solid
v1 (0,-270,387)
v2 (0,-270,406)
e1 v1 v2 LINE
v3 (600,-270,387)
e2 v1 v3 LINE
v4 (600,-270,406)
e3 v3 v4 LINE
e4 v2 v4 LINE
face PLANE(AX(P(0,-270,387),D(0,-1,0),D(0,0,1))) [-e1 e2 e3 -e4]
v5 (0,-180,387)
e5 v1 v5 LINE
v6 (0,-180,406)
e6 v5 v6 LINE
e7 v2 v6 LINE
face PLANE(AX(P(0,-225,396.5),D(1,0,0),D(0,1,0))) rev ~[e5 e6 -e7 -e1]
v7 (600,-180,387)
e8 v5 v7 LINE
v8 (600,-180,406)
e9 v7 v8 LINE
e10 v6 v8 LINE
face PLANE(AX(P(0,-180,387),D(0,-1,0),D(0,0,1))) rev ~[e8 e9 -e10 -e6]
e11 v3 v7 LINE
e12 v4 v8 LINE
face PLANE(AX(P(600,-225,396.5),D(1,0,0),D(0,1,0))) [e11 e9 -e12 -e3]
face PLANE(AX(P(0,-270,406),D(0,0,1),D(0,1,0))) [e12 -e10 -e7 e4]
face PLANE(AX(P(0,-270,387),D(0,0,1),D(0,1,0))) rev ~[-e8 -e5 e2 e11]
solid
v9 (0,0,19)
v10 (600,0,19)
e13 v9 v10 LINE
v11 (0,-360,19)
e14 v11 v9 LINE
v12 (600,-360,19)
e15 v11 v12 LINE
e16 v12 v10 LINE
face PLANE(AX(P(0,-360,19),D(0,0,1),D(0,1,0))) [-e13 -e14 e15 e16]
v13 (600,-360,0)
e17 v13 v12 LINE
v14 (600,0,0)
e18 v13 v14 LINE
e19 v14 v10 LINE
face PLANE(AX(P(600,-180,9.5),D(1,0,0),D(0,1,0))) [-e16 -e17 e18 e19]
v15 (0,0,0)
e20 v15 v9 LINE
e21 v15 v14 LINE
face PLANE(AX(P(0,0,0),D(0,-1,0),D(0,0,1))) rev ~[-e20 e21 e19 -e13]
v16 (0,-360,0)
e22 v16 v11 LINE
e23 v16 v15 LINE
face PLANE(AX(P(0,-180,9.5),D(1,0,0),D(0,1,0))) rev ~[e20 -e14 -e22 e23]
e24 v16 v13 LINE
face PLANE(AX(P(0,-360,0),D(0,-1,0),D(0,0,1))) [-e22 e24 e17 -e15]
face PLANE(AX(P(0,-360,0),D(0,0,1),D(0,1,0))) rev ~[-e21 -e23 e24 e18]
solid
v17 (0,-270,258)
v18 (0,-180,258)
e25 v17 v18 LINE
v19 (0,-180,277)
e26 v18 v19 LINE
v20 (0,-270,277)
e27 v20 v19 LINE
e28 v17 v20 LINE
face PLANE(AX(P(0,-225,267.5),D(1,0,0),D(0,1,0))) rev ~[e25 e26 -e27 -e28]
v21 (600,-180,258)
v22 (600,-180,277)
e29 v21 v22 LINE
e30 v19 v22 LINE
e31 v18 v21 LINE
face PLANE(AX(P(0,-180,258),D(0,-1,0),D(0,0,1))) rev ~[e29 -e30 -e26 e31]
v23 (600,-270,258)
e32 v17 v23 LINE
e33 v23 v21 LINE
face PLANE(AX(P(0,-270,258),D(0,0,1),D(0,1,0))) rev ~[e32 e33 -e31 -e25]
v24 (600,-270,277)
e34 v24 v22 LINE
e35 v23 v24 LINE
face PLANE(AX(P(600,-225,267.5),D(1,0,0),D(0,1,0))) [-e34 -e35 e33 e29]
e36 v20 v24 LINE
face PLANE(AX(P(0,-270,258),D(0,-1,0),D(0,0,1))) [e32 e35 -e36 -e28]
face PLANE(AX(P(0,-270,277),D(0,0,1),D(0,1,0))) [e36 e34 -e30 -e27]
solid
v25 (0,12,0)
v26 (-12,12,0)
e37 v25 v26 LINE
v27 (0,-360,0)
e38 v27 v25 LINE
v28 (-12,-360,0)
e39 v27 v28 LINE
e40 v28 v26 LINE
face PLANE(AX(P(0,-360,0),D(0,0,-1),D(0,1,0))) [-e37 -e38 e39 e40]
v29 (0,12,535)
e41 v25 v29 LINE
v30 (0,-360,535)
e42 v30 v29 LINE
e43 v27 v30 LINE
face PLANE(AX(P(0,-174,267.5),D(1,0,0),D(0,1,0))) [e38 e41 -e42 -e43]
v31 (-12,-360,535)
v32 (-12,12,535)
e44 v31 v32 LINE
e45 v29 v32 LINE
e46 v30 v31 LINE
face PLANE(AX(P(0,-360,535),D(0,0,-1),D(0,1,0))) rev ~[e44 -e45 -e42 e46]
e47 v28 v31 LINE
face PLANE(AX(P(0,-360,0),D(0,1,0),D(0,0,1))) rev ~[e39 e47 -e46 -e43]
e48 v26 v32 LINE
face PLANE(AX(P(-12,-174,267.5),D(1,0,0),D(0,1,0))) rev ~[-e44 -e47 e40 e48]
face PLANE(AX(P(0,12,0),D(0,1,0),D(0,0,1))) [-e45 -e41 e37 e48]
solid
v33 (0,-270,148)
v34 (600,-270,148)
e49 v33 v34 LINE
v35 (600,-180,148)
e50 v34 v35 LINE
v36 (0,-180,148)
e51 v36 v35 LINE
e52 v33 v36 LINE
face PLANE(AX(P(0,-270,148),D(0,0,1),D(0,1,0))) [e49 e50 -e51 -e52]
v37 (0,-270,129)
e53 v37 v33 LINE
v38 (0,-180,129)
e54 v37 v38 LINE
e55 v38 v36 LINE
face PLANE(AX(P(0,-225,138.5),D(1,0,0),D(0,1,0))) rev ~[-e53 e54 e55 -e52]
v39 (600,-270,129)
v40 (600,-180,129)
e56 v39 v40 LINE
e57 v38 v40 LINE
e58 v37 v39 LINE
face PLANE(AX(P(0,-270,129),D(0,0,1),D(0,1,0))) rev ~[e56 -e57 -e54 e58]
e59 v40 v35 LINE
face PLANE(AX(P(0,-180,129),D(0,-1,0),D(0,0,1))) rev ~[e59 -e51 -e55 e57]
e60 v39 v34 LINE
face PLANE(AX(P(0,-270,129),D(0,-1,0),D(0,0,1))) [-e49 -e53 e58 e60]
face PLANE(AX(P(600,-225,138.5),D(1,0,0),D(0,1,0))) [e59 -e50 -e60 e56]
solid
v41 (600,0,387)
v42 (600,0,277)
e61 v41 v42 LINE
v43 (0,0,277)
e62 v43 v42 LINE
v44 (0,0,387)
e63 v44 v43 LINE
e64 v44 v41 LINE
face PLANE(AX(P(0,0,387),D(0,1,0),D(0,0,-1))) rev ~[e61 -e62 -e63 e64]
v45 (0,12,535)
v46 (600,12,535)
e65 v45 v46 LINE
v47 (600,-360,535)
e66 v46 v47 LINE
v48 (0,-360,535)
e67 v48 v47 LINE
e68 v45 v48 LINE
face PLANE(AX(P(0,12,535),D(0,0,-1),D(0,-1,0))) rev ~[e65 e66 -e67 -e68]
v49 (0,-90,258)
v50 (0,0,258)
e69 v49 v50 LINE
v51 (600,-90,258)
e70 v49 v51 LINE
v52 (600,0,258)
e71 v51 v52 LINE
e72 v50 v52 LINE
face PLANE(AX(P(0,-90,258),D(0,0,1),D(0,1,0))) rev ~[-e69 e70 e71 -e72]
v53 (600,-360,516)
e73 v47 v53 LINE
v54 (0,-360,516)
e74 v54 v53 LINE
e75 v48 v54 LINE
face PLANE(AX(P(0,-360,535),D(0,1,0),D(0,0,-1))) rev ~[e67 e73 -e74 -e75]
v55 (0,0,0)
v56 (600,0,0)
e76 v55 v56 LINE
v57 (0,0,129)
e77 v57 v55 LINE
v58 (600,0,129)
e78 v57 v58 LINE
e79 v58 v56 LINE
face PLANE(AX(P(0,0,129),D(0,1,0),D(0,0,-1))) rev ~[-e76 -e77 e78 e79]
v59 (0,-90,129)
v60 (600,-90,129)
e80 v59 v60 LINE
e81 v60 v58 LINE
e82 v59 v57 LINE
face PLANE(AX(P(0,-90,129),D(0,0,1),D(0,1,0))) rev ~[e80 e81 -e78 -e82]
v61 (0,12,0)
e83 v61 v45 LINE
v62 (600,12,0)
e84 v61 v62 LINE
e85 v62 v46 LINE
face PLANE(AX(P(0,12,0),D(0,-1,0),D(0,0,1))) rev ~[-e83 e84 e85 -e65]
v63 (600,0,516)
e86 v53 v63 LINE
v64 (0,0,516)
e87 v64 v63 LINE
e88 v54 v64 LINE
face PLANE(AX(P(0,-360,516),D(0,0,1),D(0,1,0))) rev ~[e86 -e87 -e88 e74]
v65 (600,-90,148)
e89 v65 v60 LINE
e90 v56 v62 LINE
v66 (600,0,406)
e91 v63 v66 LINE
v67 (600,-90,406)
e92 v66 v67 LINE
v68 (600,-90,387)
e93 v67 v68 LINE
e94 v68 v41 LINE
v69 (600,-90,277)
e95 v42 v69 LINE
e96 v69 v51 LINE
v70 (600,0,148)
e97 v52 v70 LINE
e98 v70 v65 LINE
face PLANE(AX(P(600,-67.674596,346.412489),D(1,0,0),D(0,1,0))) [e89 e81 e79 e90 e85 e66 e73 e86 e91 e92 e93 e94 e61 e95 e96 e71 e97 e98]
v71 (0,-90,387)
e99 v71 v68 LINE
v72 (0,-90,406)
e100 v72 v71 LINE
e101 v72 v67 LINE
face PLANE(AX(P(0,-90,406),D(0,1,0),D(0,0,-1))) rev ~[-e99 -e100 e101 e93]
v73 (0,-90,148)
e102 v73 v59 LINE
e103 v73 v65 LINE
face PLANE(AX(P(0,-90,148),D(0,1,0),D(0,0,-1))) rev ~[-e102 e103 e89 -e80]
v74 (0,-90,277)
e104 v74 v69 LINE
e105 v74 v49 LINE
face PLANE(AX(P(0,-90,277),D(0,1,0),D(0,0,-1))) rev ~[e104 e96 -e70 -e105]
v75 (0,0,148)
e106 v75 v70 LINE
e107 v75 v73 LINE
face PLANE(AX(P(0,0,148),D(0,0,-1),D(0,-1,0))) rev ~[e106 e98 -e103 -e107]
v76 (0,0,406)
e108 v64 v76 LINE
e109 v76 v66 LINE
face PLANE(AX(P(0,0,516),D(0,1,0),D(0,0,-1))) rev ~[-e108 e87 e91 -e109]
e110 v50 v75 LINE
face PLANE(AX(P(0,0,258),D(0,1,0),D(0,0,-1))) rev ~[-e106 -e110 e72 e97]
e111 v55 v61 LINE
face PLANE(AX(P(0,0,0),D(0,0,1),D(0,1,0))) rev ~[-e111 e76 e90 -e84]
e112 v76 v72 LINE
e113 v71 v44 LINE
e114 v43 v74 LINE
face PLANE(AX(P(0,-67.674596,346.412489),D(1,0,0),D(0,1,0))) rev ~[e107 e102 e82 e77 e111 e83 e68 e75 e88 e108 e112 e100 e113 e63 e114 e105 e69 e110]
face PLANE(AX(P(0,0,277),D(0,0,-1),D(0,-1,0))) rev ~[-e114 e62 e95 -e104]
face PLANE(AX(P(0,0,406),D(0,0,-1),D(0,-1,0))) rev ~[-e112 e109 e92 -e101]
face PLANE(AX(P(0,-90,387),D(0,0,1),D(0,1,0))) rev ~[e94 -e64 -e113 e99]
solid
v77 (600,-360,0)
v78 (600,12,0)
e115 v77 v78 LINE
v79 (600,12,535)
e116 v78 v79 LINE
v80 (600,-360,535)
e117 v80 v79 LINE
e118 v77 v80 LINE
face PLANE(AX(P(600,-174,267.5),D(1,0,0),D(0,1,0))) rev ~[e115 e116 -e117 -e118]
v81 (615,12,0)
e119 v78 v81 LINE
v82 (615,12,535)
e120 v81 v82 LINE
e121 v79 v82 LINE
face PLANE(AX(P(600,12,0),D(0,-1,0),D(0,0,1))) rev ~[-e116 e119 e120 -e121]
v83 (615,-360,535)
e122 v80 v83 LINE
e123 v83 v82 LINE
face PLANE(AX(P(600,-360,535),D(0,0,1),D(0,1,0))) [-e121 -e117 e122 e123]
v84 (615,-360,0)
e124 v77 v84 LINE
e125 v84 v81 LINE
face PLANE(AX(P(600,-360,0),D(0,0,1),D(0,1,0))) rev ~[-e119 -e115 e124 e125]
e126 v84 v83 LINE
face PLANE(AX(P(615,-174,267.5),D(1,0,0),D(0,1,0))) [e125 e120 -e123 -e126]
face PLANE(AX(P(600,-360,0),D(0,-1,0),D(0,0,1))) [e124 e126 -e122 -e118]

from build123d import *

# Parameters (mm, degrees)
F0_W     = 360
F0_H     = 19
F1_DEPTH = 600
F2_W     = 90
F2_H     = 19
F3_DEPTH = 600
F4_W     = 372
F4_H     = 535
F5_DEPTH = 12
F6_W     = 372
F6_H     = 535
F7_DEPTH = 15


with BuildPart() as f1:
    # F0 (on Right) → F1 (new body)
    with BuildSketch(Plane.YZ):
        with Locations((-180, 9.5)):
            Rectangle(F0_W, F0_H)
    extrude(amount=F1_DEPTH)


with BuildPart() as f3:
    # F2 (on Right) → F3 (new body)
    with BuildSketch(Plane.YZ):
        Polygon((-90, 129), (0, 129), (0, 0), (12, 0), (12, 535), (0, 535), (-360, 535), (-360, 516), (0, 516), (0, 406), (-90, 406), (-90, 387), (0, 387), (0, 277), (-90, 277), (-90, 258), (0, 258), (0, 148), (-90, 148), align=None)
        with Locations((-225, 138.5)):
            Rectangle(F2_W, F2_H)
        with Locations((-225, 267.5)):
            Rectangle(F2_W, F2_H)
        with Locations((-225, 396.5)):
            Rectangle(F2_W, F2_H)
    extrude(amount=F3_DEPTH)


with BuildPart() as f5:
    # F4 (on Right) → F5 (new body)
    with BuildSketch(Plane.YZ):
        with Locations((-174, 267.5)):
            Rectangle(F4_W, F4_H)
    extrude(amount=-F5_DEPTH)


with BuildPart() as f7:
    # F6 (on face) → F7 (new body)
    with BuildSketch(Plane.YZ.offset(600)):
        with Locations((-174, 267.5)):
            Rectangle(F6_W, F6_H)
    extrude(amount=F7_DEPTH)


solid = Compound([f1.part, f3.part, f5.part, f7.part])
